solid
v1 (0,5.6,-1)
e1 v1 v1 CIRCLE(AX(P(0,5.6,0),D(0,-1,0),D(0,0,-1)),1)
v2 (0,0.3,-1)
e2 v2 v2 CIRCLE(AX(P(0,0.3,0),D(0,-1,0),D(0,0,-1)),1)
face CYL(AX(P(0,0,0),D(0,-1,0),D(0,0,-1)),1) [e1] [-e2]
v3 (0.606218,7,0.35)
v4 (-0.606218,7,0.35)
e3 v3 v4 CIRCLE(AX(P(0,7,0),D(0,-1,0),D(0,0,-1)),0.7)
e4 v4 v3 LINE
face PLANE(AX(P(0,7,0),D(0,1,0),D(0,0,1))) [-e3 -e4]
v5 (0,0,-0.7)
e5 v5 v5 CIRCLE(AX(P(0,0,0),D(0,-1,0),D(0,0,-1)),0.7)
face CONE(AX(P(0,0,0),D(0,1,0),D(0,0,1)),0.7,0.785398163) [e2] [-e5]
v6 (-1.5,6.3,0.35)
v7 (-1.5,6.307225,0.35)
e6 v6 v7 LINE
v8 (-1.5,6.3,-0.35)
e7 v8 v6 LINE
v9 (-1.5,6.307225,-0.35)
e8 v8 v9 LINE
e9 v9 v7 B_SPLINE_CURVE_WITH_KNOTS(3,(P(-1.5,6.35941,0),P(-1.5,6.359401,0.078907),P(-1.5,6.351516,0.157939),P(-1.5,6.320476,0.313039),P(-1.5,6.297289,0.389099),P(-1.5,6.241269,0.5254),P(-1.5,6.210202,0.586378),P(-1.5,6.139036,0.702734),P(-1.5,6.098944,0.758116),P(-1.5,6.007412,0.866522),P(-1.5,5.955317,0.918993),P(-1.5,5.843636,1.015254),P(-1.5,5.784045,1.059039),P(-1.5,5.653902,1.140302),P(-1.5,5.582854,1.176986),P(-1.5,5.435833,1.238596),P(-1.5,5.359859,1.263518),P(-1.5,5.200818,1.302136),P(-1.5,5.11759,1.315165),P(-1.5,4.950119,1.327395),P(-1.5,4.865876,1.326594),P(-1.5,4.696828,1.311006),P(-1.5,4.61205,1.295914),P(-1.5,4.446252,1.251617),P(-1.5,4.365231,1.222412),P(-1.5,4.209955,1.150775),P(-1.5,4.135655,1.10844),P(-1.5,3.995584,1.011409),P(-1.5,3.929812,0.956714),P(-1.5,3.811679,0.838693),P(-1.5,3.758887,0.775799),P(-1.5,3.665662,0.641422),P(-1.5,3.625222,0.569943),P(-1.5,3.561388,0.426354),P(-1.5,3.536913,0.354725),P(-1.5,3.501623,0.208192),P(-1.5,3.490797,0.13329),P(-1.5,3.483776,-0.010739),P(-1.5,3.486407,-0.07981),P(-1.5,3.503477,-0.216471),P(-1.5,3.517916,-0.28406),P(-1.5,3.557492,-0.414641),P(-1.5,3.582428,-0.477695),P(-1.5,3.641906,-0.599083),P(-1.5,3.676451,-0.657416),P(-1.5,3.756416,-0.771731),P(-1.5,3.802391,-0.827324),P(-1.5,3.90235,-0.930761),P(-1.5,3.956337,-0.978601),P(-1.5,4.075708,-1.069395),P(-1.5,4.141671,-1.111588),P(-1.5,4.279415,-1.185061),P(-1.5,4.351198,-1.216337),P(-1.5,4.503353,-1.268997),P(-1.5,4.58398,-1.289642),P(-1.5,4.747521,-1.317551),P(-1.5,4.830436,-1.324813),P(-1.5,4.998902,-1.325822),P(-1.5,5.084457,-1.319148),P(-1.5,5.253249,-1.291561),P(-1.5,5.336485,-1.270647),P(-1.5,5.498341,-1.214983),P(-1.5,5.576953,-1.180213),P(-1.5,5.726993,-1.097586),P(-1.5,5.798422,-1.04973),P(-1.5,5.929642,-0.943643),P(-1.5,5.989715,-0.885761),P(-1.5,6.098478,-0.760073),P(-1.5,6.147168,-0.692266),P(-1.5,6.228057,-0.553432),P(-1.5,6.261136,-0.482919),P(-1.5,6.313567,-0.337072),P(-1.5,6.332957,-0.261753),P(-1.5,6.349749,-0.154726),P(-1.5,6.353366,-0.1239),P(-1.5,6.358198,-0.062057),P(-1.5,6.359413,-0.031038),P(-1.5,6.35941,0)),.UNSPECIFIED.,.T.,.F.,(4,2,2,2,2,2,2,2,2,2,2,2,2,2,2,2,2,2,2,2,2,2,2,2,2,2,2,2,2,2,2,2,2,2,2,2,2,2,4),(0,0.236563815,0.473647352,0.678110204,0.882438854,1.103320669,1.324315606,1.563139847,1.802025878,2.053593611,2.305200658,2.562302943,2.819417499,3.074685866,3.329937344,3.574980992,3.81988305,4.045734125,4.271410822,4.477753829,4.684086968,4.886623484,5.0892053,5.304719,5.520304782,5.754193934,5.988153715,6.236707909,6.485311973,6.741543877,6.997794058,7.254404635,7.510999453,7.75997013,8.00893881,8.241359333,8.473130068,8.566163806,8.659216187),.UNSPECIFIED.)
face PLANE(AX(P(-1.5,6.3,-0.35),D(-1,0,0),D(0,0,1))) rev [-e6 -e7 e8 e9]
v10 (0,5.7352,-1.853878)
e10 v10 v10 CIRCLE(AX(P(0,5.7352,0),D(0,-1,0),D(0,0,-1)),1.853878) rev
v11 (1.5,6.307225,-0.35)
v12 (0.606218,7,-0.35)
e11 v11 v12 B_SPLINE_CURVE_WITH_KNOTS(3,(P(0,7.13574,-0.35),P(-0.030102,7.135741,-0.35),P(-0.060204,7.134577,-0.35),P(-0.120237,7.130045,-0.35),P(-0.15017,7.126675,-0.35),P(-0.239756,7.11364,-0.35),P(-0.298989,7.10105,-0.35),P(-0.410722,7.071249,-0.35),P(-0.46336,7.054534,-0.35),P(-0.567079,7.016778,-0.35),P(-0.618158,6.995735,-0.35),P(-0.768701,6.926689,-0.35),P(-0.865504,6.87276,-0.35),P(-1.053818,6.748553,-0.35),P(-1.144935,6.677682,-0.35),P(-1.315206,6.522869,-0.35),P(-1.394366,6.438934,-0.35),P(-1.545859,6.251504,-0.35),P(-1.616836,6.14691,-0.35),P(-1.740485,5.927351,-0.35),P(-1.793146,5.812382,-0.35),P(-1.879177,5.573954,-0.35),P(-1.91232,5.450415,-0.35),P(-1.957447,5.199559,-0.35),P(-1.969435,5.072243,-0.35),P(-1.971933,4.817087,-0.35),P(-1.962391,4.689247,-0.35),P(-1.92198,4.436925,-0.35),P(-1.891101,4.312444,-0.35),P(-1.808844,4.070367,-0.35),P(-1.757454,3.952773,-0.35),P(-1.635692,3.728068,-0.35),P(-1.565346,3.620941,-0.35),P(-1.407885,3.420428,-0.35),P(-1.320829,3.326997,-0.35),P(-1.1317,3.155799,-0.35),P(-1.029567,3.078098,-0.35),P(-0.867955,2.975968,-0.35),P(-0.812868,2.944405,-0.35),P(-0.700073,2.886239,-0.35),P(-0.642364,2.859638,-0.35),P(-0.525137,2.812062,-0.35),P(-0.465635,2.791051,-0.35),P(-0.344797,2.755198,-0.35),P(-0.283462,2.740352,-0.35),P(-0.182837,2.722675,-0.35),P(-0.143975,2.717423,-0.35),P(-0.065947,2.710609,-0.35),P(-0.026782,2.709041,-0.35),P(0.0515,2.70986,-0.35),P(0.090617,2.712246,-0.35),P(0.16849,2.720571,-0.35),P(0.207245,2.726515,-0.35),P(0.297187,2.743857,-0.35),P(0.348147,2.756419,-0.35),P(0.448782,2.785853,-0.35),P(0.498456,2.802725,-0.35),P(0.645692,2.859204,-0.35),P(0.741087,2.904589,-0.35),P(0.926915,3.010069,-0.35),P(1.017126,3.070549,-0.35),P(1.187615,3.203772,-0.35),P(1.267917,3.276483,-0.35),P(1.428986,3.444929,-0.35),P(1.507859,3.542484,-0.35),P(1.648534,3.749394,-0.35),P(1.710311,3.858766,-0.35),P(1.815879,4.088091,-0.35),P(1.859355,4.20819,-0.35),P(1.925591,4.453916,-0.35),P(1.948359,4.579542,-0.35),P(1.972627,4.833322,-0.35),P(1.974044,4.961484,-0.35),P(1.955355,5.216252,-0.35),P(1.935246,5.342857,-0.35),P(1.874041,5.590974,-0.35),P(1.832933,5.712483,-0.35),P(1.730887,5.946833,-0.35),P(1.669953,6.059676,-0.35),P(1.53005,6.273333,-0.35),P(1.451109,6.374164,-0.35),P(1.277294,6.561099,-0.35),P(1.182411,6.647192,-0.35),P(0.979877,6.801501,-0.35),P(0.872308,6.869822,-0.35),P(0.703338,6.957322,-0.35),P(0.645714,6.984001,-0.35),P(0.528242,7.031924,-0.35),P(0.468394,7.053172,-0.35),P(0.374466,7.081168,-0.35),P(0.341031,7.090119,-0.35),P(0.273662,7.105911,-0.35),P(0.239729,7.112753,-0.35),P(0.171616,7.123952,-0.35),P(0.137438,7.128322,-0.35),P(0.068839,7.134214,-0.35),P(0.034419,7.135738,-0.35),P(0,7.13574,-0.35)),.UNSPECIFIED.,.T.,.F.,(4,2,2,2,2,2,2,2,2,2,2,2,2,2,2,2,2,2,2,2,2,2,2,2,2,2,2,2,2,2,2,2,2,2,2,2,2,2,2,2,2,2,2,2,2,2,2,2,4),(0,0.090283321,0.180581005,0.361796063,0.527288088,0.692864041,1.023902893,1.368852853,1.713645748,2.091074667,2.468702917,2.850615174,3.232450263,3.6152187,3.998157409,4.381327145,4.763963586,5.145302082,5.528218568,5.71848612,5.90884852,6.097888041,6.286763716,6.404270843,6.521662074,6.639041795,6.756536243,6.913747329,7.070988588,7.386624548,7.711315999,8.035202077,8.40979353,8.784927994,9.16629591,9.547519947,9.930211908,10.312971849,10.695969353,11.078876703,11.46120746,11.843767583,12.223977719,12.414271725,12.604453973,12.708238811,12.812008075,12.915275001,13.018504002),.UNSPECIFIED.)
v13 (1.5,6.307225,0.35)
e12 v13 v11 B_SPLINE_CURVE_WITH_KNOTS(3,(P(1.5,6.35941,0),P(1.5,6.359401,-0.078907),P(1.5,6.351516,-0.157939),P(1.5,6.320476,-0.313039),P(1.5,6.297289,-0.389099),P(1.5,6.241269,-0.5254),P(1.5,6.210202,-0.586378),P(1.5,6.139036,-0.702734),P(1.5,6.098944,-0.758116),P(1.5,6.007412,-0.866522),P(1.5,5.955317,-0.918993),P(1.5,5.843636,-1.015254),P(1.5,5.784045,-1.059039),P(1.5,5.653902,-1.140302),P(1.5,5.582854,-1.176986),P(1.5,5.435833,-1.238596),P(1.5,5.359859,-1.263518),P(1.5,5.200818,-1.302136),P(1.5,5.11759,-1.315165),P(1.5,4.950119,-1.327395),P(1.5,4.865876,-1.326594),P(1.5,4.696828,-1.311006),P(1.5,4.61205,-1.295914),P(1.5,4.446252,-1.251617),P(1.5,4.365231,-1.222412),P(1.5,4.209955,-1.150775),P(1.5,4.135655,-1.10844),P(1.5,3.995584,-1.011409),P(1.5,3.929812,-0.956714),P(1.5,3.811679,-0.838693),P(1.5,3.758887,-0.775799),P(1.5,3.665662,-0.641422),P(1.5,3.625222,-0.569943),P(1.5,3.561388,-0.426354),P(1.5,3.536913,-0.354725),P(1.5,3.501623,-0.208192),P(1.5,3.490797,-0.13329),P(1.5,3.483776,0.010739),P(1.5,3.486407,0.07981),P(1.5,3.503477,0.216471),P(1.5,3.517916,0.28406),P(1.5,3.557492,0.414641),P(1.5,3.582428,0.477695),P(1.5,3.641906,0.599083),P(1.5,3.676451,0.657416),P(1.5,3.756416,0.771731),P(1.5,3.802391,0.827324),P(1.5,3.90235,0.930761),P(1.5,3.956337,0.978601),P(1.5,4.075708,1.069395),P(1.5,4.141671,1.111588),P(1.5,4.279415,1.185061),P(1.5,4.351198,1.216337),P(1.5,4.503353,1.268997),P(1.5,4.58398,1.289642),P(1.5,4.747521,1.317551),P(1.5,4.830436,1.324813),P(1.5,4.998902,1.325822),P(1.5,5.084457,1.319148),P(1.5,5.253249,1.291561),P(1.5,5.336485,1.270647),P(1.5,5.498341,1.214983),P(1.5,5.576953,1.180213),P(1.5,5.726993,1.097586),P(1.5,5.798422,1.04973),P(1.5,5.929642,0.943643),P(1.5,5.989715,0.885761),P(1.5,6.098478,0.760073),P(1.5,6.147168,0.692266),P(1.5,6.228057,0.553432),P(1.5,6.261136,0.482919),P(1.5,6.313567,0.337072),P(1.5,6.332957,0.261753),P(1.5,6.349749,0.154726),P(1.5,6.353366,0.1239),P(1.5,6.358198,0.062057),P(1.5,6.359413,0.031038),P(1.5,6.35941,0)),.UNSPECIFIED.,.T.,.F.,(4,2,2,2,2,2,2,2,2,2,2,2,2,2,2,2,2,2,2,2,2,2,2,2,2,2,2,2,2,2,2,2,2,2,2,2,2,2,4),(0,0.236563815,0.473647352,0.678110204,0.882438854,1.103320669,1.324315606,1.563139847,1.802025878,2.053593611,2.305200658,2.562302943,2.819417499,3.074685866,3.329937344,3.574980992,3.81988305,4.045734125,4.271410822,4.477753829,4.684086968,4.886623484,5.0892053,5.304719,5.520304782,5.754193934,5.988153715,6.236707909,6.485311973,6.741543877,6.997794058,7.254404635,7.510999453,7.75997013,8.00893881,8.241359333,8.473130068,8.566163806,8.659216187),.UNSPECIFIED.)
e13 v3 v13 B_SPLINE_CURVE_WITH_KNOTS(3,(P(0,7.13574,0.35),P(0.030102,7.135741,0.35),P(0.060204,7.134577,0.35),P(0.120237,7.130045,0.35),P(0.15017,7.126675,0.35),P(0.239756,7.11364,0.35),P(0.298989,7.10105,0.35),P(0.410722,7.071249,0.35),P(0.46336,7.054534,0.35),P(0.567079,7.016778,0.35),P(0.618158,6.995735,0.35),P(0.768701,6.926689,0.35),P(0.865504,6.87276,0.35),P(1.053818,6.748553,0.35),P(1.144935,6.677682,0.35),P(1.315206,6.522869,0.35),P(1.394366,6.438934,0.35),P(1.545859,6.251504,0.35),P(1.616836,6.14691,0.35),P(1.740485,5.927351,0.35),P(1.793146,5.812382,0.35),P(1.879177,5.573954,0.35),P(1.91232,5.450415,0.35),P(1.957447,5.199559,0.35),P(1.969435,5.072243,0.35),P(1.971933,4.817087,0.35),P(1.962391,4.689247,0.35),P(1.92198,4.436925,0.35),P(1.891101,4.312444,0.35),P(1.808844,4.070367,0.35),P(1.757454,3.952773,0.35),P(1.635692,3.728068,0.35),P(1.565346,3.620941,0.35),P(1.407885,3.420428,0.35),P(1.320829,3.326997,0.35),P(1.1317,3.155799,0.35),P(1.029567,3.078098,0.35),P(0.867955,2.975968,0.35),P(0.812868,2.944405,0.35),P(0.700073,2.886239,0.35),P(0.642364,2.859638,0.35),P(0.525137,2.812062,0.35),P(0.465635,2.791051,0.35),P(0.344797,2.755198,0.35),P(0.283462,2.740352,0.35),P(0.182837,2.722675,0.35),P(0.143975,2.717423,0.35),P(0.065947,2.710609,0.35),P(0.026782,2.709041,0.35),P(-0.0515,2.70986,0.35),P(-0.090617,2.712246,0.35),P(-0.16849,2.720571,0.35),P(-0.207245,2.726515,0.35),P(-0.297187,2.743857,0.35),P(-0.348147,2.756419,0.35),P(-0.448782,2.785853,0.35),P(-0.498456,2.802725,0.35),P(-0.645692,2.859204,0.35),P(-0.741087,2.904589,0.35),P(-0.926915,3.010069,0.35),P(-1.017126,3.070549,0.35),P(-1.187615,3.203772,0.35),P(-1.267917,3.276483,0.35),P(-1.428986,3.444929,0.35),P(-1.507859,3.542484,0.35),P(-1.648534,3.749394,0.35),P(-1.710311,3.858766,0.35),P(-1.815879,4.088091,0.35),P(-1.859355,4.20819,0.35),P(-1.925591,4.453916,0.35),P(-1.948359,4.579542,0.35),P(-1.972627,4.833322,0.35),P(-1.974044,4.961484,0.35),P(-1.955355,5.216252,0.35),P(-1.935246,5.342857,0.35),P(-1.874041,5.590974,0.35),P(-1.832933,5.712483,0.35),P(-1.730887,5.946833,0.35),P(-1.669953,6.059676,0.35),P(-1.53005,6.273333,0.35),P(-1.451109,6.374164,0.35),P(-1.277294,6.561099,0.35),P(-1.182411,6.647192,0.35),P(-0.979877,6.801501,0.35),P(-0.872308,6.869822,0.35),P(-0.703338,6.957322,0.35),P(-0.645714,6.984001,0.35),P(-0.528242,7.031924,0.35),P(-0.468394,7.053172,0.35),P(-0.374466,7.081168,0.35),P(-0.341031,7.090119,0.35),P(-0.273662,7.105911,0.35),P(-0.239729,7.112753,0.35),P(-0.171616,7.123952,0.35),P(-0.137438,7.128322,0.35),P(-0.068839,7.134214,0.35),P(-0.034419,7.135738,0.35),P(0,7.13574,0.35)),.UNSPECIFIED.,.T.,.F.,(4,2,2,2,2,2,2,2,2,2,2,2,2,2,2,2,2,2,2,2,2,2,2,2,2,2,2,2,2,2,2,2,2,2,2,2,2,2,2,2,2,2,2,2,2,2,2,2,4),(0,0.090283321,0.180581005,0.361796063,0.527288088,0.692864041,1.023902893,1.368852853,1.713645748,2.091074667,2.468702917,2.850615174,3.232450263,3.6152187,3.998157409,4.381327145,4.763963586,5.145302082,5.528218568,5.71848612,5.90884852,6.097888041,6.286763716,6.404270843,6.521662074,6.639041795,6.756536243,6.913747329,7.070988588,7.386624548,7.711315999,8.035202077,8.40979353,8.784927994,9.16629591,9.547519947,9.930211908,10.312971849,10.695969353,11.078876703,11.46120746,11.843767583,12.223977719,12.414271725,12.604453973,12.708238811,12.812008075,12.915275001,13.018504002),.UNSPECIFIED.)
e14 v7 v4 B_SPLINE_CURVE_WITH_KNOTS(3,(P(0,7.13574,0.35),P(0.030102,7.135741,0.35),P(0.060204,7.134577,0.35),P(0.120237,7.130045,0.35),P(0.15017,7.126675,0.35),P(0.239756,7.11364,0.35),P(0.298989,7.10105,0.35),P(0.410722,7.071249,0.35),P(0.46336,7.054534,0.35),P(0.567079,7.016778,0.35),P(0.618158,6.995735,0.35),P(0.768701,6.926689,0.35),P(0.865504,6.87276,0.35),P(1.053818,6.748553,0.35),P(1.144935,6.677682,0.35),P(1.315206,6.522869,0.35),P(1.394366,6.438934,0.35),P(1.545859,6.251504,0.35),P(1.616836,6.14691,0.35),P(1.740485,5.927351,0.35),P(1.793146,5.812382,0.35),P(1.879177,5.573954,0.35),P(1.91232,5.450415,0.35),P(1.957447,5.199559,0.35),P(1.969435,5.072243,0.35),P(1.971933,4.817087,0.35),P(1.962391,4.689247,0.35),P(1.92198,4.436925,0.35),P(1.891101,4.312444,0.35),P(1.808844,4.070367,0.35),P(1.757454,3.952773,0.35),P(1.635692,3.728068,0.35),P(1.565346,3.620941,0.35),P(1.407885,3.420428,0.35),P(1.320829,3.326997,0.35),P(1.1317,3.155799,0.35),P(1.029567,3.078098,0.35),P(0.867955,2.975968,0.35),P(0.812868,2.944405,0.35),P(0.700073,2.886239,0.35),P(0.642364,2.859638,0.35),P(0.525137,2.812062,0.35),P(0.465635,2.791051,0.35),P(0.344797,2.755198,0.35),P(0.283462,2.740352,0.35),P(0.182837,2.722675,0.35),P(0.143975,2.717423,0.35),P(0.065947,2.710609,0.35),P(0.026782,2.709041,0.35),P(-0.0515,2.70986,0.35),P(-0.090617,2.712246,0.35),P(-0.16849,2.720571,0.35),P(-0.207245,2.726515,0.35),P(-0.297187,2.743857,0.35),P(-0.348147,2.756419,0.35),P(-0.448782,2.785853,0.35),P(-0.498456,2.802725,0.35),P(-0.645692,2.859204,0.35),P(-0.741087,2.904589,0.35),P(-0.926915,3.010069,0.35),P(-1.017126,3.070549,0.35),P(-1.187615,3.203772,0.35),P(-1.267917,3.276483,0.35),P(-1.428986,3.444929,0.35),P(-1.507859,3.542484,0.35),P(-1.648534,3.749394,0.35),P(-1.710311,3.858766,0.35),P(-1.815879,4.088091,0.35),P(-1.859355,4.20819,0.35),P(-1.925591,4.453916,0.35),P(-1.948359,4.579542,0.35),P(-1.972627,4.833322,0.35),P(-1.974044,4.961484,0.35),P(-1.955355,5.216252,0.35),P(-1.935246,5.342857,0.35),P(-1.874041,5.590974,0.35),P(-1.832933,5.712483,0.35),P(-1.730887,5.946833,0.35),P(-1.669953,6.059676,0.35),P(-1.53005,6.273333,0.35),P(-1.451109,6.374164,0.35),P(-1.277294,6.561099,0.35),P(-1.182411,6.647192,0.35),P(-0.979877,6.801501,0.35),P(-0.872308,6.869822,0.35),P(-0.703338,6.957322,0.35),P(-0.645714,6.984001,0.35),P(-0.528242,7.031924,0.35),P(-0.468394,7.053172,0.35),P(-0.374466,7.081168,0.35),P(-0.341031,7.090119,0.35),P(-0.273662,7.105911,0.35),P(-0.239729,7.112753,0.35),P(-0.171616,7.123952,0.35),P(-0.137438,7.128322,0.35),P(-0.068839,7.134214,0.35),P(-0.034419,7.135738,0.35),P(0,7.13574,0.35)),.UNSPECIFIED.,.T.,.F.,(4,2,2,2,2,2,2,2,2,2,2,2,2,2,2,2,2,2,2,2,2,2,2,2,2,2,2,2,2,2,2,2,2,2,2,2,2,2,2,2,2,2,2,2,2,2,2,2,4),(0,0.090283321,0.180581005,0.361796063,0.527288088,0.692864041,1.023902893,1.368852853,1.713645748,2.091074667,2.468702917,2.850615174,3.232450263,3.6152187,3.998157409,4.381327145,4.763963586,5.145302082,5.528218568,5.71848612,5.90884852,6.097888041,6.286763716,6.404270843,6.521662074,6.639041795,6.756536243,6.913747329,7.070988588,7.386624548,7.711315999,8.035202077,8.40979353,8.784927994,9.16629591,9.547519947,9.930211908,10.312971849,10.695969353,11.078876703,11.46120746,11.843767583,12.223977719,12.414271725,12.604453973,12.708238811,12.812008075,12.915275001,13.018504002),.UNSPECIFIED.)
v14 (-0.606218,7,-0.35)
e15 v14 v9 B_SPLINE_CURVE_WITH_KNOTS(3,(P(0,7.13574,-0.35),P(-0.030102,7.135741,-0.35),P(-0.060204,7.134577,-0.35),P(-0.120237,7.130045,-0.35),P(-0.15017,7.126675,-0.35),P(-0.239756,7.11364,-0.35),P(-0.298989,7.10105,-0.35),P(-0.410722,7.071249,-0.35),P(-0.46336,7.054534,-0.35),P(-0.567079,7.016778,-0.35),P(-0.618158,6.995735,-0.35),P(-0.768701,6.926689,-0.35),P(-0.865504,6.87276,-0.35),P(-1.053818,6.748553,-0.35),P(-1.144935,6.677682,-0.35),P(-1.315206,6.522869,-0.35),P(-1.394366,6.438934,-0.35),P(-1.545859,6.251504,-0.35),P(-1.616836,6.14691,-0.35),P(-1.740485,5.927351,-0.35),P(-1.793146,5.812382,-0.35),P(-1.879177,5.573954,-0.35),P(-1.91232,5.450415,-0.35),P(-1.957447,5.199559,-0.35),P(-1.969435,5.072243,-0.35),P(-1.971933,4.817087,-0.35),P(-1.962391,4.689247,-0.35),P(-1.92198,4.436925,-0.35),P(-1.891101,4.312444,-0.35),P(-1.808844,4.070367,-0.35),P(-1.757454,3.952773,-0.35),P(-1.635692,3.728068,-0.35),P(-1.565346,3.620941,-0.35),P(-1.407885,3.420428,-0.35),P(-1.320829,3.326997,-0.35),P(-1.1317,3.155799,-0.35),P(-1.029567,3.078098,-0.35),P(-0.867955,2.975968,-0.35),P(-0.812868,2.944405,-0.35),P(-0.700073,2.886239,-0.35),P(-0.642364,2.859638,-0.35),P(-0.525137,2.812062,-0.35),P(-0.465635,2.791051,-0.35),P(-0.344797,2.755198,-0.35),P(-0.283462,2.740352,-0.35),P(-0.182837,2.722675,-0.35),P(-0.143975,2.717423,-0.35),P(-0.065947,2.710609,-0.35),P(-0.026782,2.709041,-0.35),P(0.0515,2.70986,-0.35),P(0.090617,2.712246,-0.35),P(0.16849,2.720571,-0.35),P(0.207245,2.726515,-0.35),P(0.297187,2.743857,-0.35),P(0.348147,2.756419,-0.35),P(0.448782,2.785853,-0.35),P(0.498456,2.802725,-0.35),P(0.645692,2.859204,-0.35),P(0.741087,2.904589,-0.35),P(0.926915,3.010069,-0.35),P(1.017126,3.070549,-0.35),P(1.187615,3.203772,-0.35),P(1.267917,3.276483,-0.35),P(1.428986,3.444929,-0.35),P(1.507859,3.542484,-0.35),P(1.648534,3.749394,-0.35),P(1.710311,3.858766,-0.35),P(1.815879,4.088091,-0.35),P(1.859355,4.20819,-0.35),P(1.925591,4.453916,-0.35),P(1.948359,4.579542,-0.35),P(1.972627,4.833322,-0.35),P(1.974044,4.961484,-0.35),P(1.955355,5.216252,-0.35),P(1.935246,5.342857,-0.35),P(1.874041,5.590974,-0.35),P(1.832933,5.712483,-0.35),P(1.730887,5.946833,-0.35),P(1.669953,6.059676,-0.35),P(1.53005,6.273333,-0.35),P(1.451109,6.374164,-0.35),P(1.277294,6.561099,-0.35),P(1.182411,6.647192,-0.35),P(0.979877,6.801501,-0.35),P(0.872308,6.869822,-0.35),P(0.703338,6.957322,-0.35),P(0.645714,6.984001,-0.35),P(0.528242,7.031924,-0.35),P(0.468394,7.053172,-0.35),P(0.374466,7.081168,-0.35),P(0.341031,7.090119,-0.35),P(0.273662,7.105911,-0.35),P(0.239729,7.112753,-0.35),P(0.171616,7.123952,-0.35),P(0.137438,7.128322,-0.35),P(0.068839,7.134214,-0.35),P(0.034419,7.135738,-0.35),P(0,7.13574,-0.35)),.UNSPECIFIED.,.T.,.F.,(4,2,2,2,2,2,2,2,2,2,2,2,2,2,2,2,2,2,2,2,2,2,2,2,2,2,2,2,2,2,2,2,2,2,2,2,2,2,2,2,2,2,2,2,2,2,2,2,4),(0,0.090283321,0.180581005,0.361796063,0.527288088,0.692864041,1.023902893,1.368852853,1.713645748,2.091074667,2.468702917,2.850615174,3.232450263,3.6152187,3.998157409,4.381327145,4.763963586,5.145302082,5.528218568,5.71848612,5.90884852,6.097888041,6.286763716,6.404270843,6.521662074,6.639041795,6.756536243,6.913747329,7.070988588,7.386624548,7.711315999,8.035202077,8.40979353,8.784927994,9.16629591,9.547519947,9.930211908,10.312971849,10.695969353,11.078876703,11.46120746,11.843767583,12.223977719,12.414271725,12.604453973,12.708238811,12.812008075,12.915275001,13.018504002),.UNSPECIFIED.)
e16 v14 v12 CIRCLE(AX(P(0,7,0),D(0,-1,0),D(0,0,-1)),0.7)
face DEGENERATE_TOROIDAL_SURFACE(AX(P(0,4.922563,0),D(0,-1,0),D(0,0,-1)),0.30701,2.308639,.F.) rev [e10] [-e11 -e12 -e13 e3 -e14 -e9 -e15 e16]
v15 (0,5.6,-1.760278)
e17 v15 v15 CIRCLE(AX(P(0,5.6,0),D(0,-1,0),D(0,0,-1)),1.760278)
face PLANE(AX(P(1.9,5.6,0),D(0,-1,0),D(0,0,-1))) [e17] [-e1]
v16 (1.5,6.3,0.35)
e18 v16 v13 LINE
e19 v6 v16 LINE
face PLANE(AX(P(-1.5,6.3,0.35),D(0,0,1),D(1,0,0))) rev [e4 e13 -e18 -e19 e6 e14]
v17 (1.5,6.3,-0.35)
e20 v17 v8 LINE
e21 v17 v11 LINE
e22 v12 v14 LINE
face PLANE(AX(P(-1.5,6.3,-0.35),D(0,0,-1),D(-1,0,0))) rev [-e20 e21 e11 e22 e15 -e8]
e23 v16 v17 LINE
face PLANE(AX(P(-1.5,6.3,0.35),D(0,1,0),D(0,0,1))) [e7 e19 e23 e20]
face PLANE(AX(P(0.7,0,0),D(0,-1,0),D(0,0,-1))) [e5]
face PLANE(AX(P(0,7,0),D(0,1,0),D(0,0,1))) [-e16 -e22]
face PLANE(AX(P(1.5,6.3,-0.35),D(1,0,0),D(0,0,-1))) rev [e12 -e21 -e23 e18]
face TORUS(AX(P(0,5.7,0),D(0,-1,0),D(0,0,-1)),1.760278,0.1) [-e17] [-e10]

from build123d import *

# Parameters (mm, degrees)
FILLET_1_R          = 0.1
SKETCH_2_W          = 3
SKETCH_2_H          = 0.7
CUT_EXTRUDE_1_DEPTH = 0.7


with BuildPart() as part:
    # Эскиз1 → Повернуть1 (revolve)
    with BuildSketch(Plane.XY):
        with BuildLine():
            Line((1.9, 5.6), (1, 5.6))
            Line((1, 5.6), (1, 0.3))
            Line((1, 0.3), (0.7, 0))
            Line((0.7, 0), (0, 0))
            Line((0, 0), (0, 7))
            Line((0, 7), (0.7, 7))
            ThreePointArc((0.7, 7), (1.445839439, 6.425005233), (1.9, 5.6))
        make_face()
    revolve(axis=Axis((0, 0, 0), (0, 1, 0)))

    # Скругление1
    fillet_1_edges = [part.edges().sort_by_distance(p)[0] for p in [
        (-1.9, 5.6, 0),
    ]]
    fillet(fillet_1_edges, radius=FILLET_1_R)

    # Эскиз2 → Вырез-Вытянуть1 (cut)
    with BuildSketch(Plane(origin=(0, 7, 0), x_dir=(-1, 0, 0), z_dir=(0, 1, 0))):
        Rectangle(SKETCH_2_W, SKETCH_2_H)
    extrude(amount=-CUT_EXTRUDE_1_DEPTH, mode=Mode.SUBTRACT)


solid = part.part
